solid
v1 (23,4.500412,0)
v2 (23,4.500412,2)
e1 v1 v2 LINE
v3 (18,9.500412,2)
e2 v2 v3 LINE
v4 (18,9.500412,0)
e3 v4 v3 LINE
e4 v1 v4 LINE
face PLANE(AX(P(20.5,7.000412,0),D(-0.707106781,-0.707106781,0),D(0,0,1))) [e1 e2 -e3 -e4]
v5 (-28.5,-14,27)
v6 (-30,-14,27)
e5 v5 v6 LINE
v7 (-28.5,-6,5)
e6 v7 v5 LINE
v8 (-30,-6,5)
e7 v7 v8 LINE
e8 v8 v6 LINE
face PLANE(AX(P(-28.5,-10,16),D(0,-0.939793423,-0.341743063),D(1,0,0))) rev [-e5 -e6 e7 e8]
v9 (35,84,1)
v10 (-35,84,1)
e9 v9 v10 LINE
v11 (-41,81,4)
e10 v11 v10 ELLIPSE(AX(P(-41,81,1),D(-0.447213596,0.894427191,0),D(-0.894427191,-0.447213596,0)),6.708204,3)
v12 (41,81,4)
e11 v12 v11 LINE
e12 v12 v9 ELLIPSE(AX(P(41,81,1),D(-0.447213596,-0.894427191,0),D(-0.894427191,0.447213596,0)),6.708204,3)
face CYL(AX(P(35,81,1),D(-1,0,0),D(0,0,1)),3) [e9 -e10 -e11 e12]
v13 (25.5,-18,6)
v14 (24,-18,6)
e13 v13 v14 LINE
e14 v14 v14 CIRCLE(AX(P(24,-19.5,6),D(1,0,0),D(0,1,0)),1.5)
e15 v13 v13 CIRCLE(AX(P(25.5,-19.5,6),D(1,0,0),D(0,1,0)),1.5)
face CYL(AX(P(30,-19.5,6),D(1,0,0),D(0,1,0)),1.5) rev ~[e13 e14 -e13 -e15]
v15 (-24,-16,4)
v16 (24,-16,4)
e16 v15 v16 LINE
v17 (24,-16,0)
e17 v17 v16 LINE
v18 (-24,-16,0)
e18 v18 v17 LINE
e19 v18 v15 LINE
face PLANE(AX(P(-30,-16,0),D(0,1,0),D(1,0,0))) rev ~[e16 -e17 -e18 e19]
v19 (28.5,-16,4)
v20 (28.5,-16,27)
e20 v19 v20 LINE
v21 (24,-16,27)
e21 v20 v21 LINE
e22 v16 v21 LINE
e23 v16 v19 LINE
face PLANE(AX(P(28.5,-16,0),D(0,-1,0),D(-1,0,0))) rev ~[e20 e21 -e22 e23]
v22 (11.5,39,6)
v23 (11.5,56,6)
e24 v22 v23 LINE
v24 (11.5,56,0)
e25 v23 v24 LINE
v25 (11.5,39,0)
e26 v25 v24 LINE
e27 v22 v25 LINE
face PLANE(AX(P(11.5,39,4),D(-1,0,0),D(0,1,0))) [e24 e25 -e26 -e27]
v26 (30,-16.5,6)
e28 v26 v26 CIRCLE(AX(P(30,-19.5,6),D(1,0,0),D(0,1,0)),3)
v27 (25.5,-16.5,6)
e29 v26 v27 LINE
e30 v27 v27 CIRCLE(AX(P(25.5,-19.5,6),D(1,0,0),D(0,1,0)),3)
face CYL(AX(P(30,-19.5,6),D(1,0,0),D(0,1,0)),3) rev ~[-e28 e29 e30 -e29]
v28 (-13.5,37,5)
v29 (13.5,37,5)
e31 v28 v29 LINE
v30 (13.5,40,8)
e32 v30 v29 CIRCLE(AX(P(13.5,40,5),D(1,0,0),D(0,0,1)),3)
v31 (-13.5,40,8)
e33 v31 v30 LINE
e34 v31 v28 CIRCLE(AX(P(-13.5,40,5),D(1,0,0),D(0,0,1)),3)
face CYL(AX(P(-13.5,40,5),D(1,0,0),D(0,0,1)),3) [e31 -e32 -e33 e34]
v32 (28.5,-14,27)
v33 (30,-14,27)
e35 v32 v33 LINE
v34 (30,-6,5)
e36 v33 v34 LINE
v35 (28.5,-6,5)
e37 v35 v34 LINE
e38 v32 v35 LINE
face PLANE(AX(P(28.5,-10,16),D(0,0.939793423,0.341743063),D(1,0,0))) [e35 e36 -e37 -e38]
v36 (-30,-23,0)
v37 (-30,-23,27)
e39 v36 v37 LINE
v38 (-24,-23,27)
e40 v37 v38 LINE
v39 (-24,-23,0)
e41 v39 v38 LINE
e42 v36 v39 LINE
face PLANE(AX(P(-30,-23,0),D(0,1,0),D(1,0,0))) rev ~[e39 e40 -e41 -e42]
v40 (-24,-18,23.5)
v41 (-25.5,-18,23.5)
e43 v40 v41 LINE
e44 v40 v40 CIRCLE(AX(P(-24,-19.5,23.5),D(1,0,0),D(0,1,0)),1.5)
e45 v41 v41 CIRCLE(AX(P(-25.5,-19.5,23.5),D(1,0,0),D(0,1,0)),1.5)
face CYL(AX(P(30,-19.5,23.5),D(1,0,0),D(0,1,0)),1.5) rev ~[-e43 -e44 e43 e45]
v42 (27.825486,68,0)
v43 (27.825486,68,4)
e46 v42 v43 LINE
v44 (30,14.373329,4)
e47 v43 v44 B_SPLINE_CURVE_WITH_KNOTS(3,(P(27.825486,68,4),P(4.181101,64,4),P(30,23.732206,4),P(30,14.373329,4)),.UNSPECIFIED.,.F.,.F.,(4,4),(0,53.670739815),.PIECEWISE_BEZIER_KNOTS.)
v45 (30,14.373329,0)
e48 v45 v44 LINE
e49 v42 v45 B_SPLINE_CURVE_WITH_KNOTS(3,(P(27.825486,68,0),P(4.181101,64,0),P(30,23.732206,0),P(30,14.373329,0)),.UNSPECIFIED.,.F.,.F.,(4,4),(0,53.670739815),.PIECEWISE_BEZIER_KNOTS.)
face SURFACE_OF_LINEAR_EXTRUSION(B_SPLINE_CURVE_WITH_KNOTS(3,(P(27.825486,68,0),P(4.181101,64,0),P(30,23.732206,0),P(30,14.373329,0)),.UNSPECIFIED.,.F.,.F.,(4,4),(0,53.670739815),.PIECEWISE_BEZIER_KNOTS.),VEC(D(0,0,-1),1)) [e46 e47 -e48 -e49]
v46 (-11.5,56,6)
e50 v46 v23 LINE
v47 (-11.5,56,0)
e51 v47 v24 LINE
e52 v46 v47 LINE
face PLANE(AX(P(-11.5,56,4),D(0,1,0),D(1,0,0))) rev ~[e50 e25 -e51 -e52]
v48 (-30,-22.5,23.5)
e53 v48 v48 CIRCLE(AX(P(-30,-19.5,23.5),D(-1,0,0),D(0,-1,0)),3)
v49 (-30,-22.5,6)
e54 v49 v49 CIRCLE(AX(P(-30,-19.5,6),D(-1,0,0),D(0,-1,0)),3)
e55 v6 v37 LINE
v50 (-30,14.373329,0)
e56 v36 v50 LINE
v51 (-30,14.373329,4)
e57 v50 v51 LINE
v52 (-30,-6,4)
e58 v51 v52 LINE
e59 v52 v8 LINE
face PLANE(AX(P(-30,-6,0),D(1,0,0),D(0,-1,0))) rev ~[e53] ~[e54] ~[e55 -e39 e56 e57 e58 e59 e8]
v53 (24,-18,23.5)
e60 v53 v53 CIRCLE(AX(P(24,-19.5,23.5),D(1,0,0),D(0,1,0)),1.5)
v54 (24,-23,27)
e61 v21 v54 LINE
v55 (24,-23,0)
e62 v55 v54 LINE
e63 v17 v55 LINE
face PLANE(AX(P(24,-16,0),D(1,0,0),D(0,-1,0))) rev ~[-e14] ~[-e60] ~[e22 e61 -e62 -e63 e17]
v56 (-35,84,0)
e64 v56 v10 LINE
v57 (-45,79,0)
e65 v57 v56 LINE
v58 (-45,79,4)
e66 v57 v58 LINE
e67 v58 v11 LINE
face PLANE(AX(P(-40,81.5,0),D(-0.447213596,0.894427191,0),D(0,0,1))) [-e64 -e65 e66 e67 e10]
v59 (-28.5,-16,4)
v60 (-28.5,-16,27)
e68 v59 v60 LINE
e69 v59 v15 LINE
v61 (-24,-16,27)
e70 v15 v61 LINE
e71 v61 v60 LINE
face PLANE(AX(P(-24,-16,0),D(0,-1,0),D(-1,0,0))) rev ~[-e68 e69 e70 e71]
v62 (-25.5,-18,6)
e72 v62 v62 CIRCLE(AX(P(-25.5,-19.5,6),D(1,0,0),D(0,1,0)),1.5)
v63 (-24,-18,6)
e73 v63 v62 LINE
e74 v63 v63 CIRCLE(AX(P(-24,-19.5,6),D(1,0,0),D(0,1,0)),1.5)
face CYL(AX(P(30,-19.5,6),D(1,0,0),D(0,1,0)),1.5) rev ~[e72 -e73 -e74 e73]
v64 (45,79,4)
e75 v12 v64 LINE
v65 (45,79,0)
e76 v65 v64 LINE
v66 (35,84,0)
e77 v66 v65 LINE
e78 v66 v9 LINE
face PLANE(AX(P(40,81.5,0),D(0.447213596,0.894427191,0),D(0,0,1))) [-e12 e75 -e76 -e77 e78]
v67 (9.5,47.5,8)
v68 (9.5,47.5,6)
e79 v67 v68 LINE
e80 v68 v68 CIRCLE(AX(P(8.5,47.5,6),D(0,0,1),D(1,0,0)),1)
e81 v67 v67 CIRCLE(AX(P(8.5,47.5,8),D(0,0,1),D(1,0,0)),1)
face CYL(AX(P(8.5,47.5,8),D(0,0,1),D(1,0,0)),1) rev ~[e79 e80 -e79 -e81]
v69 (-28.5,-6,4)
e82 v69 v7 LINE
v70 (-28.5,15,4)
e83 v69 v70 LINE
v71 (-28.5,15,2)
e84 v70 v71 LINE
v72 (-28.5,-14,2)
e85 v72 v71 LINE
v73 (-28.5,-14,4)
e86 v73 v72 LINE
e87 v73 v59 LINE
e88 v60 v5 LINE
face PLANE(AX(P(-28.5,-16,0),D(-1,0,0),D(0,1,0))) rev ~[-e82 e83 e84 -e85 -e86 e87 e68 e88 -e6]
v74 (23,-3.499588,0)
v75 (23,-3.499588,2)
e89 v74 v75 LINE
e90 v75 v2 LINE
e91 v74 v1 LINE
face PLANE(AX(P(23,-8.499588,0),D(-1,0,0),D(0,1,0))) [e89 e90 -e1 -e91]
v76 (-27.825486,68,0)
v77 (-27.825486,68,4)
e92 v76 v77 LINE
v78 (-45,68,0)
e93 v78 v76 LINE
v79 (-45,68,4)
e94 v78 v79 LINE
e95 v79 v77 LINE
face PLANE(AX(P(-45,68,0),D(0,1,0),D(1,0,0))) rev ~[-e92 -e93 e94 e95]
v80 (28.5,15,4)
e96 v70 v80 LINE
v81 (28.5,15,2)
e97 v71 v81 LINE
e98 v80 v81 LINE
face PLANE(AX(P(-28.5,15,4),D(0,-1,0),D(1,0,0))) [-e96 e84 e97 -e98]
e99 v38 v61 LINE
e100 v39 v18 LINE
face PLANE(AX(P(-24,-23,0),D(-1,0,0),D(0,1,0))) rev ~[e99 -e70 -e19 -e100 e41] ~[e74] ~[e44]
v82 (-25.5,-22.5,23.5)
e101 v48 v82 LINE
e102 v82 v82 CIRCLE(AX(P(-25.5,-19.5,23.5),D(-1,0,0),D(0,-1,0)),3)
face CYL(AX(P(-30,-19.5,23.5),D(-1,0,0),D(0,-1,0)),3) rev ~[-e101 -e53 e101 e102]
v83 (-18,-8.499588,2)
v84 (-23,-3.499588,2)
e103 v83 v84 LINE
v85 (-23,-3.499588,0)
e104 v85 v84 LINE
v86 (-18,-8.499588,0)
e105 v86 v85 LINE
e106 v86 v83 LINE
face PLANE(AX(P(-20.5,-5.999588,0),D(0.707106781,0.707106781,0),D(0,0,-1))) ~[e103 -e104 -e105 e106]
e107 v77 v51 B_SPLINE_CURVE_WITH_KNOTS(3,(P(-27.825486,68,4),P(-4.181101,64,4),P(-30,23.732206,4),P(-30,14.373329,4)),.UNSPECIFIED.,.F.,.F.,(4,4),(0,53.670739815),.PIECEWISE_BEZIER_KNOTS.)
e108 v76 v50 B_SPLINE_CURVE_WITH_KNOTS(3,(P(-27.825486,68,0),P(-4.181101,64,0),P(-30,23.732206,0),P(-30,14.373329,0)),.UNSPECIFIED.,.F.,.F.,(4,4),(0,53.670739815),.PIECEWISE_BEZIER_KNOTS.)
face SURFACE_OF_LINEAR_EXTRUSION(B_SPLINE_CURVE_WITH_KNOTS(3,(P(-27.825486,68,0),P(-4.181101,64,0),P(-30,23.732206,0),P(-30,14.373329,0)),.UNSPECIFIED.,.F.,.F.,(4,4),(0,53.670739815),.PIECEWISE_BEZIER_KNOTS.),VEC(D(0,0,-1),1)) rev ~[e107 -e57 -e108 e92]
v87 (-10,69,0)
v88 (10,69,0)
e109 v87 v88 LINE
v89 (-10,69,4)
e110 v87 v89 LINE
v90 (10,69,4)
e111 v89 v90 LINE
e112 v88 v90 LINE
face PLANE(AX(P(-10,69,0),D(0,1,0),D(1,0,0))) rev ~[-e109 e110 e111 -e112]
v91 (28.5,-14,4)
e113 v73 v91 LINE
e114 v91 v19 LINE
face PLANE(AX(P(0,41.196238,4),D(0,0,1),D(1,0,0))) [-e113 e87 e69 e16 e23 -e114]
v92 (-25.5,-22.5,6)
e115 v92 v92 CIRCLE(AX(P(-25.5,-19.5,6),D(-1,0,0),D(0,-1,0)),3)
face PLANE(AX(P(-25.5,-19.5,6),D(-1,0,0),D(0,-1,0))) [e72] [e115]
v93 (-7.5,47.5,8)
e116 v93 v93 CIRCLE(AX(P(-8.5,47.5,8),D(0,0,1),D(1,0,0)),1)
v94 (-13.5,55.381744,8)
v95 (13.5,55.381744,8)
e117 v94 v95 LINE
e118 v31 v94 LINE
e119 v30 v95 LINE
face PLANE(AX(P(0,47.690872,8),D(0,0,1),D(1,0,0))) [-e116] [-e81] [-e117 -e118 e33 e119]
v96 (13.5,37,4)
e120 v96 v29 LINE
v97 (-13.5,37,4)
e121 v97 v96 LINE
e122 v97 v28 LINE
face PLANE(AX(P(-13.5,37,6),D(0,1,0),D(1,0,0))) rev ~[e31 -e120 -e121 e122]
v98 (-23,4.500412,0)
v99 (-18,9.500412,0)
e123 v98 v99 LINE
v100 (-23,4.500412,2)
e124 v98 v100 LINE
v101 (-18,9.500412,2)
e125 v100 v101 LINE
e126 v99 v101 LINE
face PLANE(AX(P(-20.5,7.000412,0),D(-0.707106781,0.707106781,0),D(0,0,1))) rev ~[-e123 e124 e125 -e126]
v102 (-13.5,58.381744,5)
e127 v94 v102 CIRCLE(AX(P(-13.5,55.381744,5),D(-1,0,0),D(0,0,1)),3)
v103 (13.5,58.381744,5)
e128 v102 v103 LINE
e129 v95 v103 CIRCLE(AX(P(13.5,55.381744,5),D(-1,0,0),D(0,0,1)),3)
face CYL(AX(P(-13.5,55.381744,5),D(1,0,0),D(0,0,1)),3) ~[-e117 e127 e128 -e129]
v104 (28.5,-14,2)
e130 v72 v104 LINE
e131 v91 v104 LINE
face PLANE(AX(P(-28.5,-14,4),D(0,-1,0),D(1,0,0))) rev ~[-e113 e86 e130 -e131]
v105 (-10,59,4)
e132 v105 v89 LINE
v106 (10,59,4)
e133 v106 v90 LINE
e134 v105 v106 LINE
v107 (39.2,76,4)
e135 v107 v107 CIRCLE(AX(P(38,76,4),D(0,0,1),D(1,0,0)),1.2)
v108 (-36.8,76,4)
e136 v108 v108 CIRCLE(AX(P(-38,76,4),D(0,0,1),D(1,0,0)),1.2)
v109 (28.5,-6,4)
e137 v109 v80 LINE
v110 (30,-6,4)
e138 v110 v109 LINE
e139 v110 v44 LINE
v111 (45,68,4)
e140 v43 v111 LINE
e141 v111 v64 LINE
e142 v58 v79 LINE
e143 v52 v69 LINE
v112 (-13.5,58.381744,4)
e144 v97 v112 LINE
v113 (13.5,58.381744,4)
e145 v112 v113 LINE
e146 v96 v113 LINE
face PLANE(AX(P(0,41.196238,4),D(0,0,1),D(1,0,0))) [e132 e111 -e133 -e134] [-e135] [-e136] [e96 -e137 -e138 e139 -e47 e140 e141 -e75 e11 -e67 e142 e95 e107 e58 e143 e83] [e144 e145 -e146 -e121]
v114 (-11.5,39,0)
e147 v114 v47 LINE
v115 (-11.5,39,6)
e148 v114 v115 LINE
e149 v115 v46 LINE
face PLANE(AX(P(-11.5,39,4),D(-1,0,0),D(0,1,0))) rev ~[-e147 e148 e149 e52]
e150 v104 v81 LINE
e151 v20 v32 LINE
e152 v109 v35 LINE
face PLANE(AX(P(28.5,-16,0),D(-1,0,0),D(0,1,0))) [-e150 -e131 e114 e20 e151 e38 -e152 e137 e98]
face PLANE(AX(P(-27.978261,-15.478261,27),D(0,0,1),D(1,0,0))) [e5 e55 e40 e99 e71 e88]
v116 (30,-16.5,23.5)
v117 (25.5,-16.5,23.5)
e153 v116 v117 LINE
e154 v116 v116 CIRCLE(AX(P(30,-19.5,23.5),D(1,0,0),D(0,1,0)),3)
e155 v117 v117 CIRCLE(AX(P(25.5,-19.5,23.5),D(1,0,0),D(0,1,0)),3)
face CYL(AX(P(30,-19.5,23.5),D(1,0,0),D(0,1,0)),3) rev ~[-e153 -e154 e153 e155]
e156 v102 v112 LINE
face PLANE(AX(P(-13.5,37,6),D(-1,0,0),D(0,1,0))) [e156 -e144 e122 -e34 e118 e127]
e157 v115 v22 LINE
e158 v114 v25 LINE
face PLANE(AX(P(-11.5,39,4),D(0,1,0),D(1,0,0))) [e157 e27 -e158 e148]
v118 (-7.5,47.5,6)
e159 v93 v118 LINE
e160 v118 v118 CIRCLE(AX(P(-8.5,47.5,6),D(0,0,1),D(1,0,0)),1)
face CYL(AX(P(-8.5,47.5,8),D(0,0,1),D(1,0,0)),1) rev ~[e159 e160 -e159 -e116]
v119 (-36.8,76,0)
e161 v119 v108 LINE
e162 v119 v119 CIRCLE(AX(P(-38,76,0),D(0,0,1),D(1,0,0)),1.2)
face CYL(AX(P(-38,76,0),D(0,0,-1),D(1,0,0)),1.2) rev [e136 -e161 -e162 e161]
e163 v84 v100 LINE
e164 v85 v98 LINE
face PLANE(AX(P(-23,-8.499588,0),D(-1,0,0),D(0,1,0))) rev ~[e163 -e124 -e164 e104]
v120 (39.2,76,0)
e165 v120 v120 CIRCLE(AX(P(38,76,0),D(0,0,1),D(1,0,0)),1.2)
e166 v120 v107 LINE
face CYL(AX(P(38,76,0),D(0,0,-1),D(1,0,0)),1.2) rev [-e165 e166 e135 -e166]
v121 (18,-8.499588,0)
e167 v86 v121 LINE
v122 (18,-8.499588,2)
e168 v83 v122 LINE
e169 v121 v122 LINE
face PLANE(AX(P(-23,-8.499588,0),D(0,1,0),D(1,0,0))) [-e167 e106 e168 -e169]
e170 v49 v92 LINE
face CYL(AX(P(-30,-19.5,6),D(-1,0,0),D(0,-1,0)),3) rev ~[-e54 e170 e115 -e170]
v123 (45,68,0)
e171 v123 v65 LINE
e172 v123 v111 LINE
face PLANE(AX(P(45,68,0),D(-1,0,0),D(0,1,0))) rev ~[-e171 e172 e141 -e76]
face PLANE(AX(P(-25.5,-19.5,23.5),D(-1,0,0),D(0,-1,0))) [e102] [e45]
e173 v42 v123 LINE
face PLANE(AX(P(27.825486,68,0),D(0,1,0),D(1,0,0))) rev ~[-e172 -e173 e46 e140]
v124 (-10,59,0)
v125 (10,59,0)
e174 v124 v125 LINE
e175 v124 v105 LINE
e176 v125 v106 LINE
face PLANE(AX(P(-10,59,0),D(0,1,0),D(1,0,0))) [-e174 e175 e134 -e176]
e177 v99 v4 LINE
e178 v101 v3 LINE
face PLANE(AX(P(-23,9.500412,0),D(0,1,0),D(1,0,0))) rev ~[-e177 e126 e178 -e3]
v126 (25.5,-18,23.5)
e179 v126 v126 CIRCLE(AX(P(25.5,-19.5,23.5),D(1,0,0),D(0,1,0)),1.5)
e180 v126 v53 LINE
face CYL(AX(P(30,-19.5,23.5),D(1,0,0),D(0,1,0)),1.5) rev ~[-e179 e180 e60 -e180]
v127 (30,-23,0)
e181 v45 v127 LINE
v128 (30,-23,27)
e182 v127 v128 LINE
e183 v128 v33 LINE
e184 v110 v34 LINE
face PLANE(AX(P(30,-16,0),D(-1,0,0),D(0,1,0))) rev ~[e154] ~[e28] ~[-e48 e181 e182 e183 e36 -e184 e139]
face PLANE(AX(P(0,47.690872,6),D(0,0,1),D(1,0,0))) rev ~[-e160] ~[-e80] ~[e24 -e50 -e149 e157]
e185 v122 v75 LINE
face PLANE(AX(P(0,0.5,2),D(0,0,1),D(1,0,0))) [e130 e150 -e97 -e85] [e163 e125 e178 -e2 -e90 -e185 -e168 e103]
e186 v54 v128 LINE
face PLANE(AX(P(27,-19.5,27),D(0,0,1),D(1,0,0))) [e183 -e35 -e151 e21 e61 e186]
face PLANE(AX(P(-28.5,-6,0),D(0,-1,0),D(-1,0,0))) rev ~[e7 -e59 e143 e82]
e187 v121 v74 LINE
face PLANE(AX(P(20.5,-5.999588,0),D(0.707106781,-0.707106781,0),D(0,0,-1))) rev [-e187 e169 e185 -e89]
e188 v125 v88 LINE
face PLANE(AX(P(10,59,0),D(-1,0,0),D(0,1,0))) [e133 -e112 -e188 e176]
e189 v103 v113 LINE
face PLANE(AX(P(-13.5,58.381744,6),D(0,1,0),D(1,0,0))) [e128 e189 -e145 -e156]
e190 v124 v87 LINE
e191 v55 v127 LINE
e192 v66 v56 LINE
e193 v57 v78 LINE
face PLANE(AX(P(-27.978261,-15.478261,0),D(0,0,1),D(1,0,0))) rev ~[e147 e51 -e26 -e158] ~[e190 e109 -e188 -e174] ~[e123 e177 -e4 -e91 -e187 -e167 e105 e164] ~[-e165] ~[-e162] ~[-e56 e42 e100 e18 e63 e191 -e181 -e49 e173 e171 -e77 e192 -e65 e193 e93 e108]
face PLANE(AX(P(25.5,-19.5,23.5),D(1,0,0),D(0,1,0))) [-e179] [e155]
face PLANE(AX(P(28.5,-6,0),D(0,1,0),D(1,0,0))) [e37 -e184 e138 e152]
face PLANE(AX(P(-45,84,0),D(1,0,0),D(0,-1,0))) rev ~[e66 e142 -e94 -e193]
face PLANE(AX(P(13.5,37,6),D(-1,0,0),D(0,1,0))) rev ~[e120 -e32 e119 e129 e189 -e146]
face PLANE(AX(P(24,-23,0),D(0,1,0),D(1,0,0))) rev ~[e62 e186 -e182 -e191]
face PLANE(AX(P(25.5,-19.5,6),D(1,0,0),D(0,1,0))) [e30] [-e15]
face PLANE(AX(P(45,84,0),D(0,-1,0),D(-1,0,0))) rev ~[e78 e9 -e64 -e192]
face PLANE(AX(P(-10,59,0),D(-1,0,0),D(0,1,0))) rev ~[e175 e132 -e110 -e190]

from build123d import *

# Parameters (mm, degrees)
F0_W      = 46
F0_H      = 18
F0_R      = 1.2
F0_W_2    = 23
F0_H_2    = 17
F0_W_3    = 20
F0_H_3    = 10
F1_DEPTH  = 4
F2_SIZE2  = 5
F2_SIZE   = 10
F3_SIZE2  = 10
F3_SIZE   = 5
F4_SIZE   = 5
F5_W      = 1.5
F5_H      = 10
F6_DEPTH  = 27
F7_R      = 1.5
F8_DEPTH  = 60
F9_R      = 3
F10_DEPTH = 4.5
F11_R     = 3
F12_DEPTH = 4.5
F13_W     = 57
F13_H     = 29
F14_DEPTH = 2
F15_SIZE2 = 22
F15_SIZE  = 8
F16_SIZE2 = 8
F16_SIZE  = 22
F17_W     = 27
F17_H     = 21.3817437291
F17_W_2   = 23
F17_H_2   = 17
F18_DEPTH = 2
F19_W     = 27
F19_H     = 21.3817437291
F20_DEPTH = 2
F21_R     = 1
F22_DEPTH = 2
F23_R     = 3


with BuildPart() as f1:
    # F0 (on Top) → F1 (new body)
    with BuildSketch(Plane.XY):
        with BuildLine():
            Line((0, 84), (-45, 84))
            Line((-45, 84), (-45, 68))
            Line((-45, 68), (-30, 68))
            Line((-30, 68), (-27.8254859149, 68))
            add(Edge.make_bspline(
                [(-27.8254859149, 68), (-4.1811005212, 64), (-30, 23.7322062403), (-30, 14.3733293898)],
                knots=[0, 0, 0, 0, 53.6707398145, 53.6707398145, 53.6707398145, 53.6707398145], degree=3))
            Line((-30, 14.3733293898), (-30, -16))
            Line((-30, -16), (0, -16))
            Line((0, -16), (30, -16))
            Line((30, -16), (30, 14.3733293898))
            add(Edge.make_bspline(
                [(27.8254859149, 68), (4.1811005212, 64), (30, 23.7322062403), (30, 14.3733293898)],
                knots=[0, 0, 0, 0, 53.6707398145, 53.6707398145, 53.6707398145, 53.6707398145], degree=3))
            Line((27.8254859149, 68), (30, 68))
            Line((30, 68), (45, 68))
            Line((45, 68), (45, 84))
            Line((45, 84), (0, 84))
        make_face()
        with Locations((0, 0.500412114)):
            Rectangle(F0_W, F0_H, mode=Mode.SUBTRACT)
        with Locations((-38, 76)):
            Circle(F0_R, mode=Mode.SUBTRACT)
        with Locations((0, 47.5)):
            Rectangle(F0_W_2, F0_H_2, mode=Mode.SUBTRACT)
        with Locations((0, 64)):
            Rectangle(F0_W_3, F0_H_3, mode=Mode.SUBTRACT)
        with Locations((38, 76)):
            Circle(F0_R, mode=Mode.SUBTRACT)
    extrude(amount=F1_DEPTH)

    # F2
    f2_edges = [f1.edges().sort_by_distance(p)[0] for p in [
        (45, 84, 2),
    ]]
    f2_side = f1.faces().sort_by_distance((0, 84, 2))[0]
    chamfer(f2_edges, length=F2_SIZE, length2=F2_SIZE2, reference=f2_side)

    # F3
    f3_edges = [f1.edges().sort_by_distance(p)[0] for p in [
        (-45, 84, 2),
    ]]
    f3_side = f1.faces().sort_by_distance((-45, 76, 2))[0]
    chamfer(f3_edges, length=F3_SIZE, length2=F3_SIZE2, reference=f3_side)

    # F4
    f4_edges = [f1.edges().sort_by_distance(p)[0] for p in [
        (-23, 9.500412, 2),
        (23, 9.500412, 2),
        (23, -8.499588, 2),
        (-23, -8.499588, 2),
    ]]
    chamfer(f4_edges, length=F4_SIZE)

    # F5 (on Top) → F6 (join)
    with BuildSketch(Plane.XY):
        Polygon((-24, -16), (-28.5, -16), (-28.5, -6), (-30, -6), (-30, -16), (-30, -23), (-24, -23), align=None)
        Polygon((30, -23), (30, -16), (28.5, -16), (24, -16), (24, -23), align=None)
        with Locations((29.25, -11)):
            Rectangle(F5_W, F5_H)
    extrude(amount=F6_DEPTH)

    # F7 (on face) → F8 (cut)
    with BuildSketch(Plane.YZ.offset(30)):
        with Locations((-19.5, 23.5)):
            Circle(F7_R)
        with Locations((-19.5, 6)):
            Circle(F7_R)
    extrude(amount=-F8_DEPTH, mode=Mode.SUBTRACT)

    # F9 (on face) → F10 (cut)
    with BuildSketch(Plane.YZ.offset(30)):
        with Locations((-19.5, 23.5)):
            Circle(F9_R)
        with Locations((-19.5, 6)):
            Circle(F9_R)
    extrude(amount=-F10_DEPTH, mode=Mode.SUBTRACT)

    # F11 (on face) → F12 (cut)
    with BuildSketch(Plane(origin=(-30, 0, 0), x_dir=(0, -1, 0), z_dir=(-1, 0, 0))):
        with Locations((19.5, 23.5)):
            Circle(F11_R)
        with Locations((19.5, 6)):
            Circle(F11_R)
    extrude(amount=-F12_DEPTH, mode=Mode.SUBTRACT)

    # F13 (on face) → F14 (cut)
    with BuildSketch(Plane.XY.offset(4)):
        with Locations((0, 0.5)):
            Rectangle(F13_W, F13_H)
    extrude(amount=-F14_DEPTH, mode=Mode.SUBTRACT)

    # F15
    f15_edges = [f1.edges().sort_by_distance(p)[0] for p in [
        (29.25, -6, 27),
    ]]
    f15_side = f1.faces().sort_by_distance((27.592105, -17.263158, 27))[0]
    chamfer(f15_edges, length=F15_SIZE, length2=F15_SIZE2, reference=f15_side)

    # F16
    f16_edges = [f1.edges().sort_by_distance(p)[0] for p in [
        (-29.25, -6, 27),
    ]]
    f16_side = f1.faces().sort_by_distance((-29.25, -6, 15.5))[0]
    chamfer(f16_edges, length=F16_SIZE, length2=F16_SIZE2, reference=f16_side)

    # F17 (on face) → F18 (join)
    with BuildSketch(Plane.XY.offset(4)):
        with Locations((0, 47.6908718646)):
            Rectangle(F17_W, F17_H)
        with Locations((0, 47.5)):
            Rectangle(F17_W_2, F17_H_2, mode=Mode.SUBTRACT)
    extrude(amount=F18_DEPTH)

    # F19 (on face) → F20 (join)
    with BuildSketch(Plane.XY.offset(6)):
        with Locations((0, 47.6908718646)):
            Rectangle(F19_W, F19_H)
    extrude(amount=F20_DEPTH)

    # F21 (on face) → F22 (cut)
    with BuildSketch(Plane.XY.offset(8)):
        with Locations((-8.5, 47.5)):
            Circle(F21_R)
        with Locations((8.5, 47.5)):
            Circle(F21_R)
    extrude(amount=-F22_DEPTH, mode=Mode.SUBTRACT)

    # F23
    f23_edges = [f1.edges().sort_by_distance(p)[0] for p in [
        (0, 58.381744, 8),
        (0, 84, 4),
        (0, 37, 8),
    ]]
    fillet(f23_edges, radius=F23_R)


solid = f1.part
